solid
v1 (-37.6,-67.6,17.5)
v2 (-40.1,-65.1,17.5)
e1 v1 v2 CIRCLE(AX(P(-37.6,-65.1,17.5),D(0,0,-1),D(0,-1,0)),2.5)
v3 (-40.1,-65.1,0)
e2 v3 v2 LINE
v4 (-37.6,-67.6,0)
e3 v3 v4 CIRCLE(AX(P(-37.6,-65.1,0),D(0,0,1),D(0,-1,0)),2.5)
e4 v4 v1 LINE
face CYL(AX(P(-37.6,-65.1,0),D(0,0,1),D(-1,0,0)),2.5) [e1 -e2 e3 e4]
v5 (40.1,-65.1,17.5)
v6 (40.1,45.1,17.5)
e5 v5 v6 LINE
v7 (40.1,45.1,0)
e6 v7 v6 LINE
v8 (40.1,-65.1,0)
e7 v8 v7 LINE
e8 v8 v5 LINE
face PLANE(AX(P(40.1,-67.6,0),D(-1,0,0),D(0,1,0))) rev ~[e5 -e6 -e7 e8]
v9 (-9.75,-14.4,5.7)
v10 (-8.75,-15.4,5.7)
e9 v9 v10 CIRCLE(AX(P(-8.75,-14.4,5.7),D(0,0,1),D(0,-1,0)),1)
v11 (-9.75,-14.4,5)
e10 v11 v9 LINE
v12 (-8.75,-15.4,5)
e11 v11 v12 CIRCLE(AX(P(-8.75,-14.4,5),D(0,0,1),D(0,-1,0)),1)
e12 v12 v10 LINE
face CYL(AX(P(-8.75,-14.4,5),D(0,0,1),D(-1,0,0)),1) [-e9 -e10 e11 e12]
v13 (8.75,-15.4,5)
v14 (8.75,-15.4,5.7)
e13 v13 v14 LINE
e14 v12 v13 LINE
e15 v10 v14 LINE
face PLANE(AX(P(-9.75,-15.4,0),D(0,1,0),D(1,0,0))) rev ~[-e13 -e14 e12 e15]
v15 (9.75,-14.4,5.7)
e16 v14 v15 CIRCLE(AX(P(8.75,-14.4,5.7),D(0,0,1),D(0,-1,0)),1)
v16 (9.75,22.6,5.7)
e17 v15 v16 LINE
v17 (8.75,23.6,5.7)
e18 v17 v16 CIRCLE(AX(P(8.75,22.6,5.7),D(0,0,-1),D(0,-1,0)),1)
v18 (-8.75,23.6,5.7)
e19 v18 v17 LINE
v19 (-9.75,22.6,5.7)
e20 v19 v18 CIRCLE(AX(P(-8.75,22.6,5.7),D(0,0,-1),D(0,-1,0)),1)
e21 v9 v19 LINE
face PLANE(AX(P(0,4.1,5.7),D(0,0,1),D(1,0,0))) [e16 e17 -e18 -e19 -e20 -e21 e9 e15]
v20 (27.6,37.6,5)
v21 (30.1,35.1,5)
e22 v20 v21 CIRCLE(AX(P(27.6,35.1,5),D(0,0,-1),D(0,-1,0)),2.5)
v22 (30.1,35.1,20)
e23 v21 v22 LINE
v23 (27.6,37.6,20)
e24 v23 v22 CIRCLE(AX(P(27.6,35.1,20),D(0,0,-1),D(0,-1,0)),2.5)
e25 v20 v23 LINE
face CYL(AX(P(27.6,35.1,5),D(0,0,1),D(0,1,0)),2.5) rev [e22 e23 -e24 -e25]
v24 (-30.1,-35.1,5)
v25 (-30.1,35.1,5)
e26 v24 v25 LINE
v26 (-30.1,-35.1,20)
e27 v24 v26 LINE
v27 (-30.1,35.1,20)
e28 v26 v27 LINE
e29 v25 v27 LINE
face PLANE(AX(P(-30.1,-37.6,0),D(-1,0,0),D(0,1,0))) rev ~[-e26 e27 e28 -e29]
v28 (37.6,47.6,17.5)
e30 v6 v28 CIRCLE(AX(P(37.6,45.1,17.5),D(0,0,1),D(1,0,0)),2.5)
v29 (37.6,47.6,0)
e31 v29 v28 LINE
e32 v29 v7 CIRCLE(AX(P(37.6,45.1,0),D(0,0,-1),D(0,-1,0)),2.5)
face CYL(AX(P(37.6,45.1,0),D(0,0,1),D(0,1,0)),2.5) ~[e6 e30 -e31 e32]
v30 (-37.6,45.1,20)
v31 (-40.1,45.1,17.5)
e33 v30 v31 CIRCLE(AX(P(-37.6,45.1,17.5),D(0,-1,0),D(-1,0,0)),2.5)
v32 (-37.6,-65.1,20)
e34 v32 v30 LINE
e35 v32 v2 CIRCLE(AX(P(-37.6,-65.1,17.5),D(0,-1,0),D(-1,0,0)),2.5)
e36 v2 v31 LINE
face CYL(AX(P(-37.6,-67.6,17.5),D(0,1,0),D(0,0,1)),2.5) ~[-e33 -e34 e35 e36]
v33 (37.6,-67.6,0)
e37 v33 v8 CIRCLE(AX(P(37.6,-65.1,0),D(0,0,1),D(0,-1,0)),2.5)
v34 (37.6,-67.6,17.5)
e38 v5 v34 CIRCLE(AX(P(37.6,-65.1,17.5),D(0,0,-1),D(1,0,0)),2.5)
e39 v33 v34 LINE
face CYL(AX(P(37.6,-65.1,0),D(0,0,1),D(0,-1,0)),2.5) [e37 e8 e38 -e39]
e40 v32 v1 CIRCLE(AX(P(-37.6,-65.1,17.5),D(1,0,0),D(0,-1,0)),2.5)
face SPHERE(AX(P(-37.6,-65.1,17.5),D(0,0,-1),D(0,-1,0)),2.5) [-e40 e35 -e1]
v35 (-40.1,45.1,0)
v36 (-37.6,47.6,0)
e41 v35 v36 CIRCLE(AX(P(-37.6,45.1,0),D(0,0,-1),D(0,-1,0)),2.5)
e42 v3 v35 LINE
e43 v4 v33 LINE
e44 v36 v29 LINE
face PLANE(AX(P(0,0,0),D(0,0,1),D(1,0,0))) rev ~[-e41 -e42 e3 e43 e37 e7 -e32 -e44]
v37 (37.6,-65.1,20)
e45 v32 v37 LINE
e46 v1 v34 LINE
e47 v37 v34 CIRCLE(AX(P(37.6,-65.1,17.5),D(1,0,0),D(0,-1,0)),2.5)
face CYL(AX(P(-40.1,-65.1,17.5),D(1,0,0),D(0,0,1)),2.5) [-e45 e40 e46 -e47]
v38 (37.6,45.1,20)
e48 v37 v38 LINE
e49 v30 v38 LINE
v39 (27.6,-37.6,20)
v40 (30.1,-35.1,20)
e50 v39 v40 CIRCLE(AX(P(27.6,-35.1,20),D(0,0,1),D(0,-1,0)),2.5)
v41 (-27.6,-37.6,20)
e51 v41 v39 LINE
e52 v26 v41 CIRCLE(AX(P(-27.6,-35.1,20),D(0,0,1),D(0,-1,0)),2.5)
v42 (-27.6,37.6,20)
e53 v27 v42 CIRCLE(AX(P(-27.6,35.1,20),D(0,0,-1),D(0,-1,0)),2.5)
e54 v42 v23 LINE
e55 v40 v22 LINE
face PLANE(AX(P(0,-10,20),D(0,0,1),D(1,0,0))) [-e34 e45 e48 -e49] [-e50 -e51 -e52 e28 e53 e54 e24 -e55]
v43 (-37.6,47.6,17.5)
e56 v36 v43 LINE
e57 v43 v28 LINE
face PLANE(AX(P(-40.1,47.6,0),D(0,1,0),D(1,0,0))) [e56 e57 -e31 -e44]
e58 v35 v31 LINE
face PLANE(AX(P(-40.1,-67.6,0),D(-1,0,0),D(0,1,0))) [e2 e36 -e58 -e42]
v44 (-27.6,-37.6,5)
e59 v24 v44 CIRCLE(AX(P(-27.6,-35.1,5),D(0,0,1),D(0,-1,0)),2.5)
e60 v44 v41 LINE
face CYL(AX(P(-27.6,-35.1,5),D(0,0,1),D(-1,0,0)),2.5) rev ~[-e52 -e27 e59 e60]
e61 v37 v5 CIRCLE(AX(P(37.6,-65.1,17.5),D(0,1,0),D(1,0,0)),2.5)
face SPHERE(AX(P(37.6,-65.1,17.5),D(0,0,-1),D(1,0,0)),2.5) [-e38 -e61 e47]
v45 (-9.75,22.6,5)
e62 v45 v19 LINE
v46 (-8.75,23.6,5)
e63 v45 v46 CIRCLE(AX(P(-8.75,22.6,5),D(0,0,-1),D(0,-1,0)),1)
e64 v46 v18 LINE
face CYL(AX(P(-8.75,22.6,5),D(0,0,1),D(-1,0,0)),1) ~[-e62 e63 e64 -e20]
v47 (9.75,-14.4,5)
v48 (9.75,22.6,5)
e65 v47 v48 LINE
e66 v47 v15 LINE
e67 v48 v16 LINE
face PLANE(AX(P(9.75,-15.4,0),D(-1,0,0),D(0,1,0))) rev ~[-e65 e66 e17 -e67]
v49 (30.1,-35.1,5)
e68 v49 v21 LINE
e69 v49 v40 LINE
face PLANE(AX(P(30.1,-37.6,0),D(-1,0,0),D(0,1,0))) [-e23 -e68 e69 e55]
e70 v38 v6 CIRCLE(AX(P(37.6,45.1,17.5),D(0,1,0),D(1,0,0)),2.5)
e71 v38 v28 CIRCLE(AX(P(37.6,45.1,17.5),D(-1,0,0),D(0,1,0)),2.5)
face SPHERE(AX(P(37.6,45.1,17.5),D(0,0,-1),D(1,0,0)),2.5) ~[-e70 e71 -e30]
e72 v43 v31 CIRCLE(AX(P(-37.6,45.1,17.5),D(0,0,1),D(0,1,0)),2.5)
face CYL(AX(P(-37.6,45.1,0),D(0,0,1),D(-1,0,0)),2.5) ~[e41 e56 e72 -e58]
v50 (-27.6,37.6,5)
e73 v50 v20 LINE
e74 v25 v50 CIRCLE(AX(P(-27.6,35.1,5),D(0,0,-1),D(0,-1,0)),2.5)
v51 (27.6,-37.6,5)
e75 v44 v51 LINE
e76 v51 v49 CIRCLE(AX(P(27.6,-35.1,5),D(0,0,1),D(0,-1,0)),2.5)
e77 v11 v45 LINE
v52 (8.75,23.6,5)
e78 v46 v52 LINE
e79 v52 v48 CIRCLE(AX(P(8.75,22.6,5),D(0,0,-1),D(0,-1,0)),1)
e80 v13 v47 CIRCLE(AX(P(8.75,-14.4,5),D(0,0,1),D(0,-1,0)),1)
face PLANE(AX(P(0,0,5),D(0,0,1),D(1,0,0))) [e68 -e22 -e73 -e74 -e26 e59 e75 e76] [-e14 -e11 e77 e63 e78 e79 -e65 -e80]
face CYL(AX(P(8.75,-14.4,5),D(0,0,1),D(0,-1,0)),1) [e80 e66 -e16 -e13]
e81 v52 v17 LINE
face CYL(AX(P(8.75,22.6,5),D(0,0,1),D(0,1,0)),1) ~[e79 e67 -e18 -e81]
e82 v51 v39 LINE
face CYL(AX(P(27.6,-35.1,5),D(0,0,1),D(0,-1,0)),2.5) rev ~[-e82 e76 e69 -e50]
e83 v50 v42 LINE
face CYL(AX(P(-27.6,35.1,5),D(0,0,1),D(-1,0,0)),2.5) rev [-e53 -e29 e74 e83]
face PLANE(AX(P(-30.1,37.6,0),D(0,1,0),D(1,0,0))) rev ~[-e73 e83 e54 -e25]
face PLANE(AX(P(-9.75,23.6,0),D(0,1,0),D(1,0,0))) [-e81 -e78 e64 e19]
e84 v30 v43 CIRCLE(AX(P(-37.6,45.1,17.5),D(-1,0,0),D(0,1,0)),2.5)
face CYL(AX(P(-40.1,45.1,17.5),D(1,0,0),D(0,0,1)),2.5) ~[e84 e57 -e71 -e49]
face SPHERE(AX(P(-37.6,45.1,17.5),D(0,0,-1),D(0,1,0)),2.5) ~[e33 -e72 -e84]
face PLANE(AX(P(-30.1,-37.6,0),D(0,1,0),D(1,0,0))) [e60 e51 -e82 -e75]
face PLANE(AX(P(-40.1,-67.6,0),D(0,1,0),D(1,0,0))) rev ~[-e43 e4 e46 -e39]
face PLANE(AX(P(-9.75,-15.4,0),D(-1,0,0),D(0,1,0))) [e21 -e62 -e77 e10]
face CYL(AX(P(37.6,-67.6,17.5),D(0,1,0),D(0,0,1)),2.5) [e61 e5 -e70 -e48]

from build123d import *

# Parameters (mm, degrees)
F0_W     = 80.2
F0_H     = 115.2
F0_W_2   = 60.2
F0_H_2   = 75.2
F1_DEPTH = 20
F0_W_3   = 19.5
F0_H_3   = 39
F2_DEPTH = 5
F3_R     = 2.5
F4_R     = 2.5
F5_DEPTH = 5.7
F6_R     = 1


with BuildPart() as f1:
    # F0 (on Top) → F1 (new body)
    with BuildSketch(Plane.XY):
        with Locations((0, -10)):
            Rectangle(F0_W, F0_H)
        Rectangle(F0_W_2, F0_H_2, mode=Mode.SUBTRACT)
    extrude(amount=F1_DEPTH)

    # F0 (on Top) → F2 (join)
    with BuildSketch(Plane.XY):
        Rectangle(F0_W_2, F0_H_2)
        with Locations((0, 4.1)):
            Rectangle(F0_W_3, F0_H_3, mode=Mode.SUBTRACT)
    extrude(amount=F2_DEPTH)

    # F3
    f3_edges = [f1.edges().sort_by_distance(p)[0] for p in [
        (-30.1, 37.6, 12.5),
        (30.1, 37.6, 12.5),
        (-30.1, -37.6, 12.5),
        (30.1, -37.6, 12.5),
    ]]
    fillet(f3_edges, radius=F3_R)

    # F4
    f4_edges = [f1.edges().sort_by_distance(p)[0] for p in [
        (-40.1, -67.6, 10),
        (40.1, -67.6, 10),
        (40.1, 47.6, 10),
        (-40.1, 47.6, 10),
        (40.1, -10, 20),
        (0, -67.6, 20),
        (0, 47.6, 20),
        (-40.1, -10, 20),
    ]]
    fillet(f4_edges, radius=F4_R)

    # F0 (on Top) → F5 (join)
    with BuildSketch(Plane.XY):
        with Locations((0, 4.1)):
            Rectangle(F0_W_3, F0_H_3)
    extrude(amount=F5_DEPTH)

    # F6
    f6_edges = [f1.edges().sort_by_distance(p)[0] for p in [
        (-9.75, -15.4, 5.35),
        (9.75, -15.4, 5.35),
        (9.75, 23.6, 5.35),
        (-9.75, 23.6, 5.35),
    ]]
    fillet(f6_edges, radius=F6_R)


solid = f1.part
